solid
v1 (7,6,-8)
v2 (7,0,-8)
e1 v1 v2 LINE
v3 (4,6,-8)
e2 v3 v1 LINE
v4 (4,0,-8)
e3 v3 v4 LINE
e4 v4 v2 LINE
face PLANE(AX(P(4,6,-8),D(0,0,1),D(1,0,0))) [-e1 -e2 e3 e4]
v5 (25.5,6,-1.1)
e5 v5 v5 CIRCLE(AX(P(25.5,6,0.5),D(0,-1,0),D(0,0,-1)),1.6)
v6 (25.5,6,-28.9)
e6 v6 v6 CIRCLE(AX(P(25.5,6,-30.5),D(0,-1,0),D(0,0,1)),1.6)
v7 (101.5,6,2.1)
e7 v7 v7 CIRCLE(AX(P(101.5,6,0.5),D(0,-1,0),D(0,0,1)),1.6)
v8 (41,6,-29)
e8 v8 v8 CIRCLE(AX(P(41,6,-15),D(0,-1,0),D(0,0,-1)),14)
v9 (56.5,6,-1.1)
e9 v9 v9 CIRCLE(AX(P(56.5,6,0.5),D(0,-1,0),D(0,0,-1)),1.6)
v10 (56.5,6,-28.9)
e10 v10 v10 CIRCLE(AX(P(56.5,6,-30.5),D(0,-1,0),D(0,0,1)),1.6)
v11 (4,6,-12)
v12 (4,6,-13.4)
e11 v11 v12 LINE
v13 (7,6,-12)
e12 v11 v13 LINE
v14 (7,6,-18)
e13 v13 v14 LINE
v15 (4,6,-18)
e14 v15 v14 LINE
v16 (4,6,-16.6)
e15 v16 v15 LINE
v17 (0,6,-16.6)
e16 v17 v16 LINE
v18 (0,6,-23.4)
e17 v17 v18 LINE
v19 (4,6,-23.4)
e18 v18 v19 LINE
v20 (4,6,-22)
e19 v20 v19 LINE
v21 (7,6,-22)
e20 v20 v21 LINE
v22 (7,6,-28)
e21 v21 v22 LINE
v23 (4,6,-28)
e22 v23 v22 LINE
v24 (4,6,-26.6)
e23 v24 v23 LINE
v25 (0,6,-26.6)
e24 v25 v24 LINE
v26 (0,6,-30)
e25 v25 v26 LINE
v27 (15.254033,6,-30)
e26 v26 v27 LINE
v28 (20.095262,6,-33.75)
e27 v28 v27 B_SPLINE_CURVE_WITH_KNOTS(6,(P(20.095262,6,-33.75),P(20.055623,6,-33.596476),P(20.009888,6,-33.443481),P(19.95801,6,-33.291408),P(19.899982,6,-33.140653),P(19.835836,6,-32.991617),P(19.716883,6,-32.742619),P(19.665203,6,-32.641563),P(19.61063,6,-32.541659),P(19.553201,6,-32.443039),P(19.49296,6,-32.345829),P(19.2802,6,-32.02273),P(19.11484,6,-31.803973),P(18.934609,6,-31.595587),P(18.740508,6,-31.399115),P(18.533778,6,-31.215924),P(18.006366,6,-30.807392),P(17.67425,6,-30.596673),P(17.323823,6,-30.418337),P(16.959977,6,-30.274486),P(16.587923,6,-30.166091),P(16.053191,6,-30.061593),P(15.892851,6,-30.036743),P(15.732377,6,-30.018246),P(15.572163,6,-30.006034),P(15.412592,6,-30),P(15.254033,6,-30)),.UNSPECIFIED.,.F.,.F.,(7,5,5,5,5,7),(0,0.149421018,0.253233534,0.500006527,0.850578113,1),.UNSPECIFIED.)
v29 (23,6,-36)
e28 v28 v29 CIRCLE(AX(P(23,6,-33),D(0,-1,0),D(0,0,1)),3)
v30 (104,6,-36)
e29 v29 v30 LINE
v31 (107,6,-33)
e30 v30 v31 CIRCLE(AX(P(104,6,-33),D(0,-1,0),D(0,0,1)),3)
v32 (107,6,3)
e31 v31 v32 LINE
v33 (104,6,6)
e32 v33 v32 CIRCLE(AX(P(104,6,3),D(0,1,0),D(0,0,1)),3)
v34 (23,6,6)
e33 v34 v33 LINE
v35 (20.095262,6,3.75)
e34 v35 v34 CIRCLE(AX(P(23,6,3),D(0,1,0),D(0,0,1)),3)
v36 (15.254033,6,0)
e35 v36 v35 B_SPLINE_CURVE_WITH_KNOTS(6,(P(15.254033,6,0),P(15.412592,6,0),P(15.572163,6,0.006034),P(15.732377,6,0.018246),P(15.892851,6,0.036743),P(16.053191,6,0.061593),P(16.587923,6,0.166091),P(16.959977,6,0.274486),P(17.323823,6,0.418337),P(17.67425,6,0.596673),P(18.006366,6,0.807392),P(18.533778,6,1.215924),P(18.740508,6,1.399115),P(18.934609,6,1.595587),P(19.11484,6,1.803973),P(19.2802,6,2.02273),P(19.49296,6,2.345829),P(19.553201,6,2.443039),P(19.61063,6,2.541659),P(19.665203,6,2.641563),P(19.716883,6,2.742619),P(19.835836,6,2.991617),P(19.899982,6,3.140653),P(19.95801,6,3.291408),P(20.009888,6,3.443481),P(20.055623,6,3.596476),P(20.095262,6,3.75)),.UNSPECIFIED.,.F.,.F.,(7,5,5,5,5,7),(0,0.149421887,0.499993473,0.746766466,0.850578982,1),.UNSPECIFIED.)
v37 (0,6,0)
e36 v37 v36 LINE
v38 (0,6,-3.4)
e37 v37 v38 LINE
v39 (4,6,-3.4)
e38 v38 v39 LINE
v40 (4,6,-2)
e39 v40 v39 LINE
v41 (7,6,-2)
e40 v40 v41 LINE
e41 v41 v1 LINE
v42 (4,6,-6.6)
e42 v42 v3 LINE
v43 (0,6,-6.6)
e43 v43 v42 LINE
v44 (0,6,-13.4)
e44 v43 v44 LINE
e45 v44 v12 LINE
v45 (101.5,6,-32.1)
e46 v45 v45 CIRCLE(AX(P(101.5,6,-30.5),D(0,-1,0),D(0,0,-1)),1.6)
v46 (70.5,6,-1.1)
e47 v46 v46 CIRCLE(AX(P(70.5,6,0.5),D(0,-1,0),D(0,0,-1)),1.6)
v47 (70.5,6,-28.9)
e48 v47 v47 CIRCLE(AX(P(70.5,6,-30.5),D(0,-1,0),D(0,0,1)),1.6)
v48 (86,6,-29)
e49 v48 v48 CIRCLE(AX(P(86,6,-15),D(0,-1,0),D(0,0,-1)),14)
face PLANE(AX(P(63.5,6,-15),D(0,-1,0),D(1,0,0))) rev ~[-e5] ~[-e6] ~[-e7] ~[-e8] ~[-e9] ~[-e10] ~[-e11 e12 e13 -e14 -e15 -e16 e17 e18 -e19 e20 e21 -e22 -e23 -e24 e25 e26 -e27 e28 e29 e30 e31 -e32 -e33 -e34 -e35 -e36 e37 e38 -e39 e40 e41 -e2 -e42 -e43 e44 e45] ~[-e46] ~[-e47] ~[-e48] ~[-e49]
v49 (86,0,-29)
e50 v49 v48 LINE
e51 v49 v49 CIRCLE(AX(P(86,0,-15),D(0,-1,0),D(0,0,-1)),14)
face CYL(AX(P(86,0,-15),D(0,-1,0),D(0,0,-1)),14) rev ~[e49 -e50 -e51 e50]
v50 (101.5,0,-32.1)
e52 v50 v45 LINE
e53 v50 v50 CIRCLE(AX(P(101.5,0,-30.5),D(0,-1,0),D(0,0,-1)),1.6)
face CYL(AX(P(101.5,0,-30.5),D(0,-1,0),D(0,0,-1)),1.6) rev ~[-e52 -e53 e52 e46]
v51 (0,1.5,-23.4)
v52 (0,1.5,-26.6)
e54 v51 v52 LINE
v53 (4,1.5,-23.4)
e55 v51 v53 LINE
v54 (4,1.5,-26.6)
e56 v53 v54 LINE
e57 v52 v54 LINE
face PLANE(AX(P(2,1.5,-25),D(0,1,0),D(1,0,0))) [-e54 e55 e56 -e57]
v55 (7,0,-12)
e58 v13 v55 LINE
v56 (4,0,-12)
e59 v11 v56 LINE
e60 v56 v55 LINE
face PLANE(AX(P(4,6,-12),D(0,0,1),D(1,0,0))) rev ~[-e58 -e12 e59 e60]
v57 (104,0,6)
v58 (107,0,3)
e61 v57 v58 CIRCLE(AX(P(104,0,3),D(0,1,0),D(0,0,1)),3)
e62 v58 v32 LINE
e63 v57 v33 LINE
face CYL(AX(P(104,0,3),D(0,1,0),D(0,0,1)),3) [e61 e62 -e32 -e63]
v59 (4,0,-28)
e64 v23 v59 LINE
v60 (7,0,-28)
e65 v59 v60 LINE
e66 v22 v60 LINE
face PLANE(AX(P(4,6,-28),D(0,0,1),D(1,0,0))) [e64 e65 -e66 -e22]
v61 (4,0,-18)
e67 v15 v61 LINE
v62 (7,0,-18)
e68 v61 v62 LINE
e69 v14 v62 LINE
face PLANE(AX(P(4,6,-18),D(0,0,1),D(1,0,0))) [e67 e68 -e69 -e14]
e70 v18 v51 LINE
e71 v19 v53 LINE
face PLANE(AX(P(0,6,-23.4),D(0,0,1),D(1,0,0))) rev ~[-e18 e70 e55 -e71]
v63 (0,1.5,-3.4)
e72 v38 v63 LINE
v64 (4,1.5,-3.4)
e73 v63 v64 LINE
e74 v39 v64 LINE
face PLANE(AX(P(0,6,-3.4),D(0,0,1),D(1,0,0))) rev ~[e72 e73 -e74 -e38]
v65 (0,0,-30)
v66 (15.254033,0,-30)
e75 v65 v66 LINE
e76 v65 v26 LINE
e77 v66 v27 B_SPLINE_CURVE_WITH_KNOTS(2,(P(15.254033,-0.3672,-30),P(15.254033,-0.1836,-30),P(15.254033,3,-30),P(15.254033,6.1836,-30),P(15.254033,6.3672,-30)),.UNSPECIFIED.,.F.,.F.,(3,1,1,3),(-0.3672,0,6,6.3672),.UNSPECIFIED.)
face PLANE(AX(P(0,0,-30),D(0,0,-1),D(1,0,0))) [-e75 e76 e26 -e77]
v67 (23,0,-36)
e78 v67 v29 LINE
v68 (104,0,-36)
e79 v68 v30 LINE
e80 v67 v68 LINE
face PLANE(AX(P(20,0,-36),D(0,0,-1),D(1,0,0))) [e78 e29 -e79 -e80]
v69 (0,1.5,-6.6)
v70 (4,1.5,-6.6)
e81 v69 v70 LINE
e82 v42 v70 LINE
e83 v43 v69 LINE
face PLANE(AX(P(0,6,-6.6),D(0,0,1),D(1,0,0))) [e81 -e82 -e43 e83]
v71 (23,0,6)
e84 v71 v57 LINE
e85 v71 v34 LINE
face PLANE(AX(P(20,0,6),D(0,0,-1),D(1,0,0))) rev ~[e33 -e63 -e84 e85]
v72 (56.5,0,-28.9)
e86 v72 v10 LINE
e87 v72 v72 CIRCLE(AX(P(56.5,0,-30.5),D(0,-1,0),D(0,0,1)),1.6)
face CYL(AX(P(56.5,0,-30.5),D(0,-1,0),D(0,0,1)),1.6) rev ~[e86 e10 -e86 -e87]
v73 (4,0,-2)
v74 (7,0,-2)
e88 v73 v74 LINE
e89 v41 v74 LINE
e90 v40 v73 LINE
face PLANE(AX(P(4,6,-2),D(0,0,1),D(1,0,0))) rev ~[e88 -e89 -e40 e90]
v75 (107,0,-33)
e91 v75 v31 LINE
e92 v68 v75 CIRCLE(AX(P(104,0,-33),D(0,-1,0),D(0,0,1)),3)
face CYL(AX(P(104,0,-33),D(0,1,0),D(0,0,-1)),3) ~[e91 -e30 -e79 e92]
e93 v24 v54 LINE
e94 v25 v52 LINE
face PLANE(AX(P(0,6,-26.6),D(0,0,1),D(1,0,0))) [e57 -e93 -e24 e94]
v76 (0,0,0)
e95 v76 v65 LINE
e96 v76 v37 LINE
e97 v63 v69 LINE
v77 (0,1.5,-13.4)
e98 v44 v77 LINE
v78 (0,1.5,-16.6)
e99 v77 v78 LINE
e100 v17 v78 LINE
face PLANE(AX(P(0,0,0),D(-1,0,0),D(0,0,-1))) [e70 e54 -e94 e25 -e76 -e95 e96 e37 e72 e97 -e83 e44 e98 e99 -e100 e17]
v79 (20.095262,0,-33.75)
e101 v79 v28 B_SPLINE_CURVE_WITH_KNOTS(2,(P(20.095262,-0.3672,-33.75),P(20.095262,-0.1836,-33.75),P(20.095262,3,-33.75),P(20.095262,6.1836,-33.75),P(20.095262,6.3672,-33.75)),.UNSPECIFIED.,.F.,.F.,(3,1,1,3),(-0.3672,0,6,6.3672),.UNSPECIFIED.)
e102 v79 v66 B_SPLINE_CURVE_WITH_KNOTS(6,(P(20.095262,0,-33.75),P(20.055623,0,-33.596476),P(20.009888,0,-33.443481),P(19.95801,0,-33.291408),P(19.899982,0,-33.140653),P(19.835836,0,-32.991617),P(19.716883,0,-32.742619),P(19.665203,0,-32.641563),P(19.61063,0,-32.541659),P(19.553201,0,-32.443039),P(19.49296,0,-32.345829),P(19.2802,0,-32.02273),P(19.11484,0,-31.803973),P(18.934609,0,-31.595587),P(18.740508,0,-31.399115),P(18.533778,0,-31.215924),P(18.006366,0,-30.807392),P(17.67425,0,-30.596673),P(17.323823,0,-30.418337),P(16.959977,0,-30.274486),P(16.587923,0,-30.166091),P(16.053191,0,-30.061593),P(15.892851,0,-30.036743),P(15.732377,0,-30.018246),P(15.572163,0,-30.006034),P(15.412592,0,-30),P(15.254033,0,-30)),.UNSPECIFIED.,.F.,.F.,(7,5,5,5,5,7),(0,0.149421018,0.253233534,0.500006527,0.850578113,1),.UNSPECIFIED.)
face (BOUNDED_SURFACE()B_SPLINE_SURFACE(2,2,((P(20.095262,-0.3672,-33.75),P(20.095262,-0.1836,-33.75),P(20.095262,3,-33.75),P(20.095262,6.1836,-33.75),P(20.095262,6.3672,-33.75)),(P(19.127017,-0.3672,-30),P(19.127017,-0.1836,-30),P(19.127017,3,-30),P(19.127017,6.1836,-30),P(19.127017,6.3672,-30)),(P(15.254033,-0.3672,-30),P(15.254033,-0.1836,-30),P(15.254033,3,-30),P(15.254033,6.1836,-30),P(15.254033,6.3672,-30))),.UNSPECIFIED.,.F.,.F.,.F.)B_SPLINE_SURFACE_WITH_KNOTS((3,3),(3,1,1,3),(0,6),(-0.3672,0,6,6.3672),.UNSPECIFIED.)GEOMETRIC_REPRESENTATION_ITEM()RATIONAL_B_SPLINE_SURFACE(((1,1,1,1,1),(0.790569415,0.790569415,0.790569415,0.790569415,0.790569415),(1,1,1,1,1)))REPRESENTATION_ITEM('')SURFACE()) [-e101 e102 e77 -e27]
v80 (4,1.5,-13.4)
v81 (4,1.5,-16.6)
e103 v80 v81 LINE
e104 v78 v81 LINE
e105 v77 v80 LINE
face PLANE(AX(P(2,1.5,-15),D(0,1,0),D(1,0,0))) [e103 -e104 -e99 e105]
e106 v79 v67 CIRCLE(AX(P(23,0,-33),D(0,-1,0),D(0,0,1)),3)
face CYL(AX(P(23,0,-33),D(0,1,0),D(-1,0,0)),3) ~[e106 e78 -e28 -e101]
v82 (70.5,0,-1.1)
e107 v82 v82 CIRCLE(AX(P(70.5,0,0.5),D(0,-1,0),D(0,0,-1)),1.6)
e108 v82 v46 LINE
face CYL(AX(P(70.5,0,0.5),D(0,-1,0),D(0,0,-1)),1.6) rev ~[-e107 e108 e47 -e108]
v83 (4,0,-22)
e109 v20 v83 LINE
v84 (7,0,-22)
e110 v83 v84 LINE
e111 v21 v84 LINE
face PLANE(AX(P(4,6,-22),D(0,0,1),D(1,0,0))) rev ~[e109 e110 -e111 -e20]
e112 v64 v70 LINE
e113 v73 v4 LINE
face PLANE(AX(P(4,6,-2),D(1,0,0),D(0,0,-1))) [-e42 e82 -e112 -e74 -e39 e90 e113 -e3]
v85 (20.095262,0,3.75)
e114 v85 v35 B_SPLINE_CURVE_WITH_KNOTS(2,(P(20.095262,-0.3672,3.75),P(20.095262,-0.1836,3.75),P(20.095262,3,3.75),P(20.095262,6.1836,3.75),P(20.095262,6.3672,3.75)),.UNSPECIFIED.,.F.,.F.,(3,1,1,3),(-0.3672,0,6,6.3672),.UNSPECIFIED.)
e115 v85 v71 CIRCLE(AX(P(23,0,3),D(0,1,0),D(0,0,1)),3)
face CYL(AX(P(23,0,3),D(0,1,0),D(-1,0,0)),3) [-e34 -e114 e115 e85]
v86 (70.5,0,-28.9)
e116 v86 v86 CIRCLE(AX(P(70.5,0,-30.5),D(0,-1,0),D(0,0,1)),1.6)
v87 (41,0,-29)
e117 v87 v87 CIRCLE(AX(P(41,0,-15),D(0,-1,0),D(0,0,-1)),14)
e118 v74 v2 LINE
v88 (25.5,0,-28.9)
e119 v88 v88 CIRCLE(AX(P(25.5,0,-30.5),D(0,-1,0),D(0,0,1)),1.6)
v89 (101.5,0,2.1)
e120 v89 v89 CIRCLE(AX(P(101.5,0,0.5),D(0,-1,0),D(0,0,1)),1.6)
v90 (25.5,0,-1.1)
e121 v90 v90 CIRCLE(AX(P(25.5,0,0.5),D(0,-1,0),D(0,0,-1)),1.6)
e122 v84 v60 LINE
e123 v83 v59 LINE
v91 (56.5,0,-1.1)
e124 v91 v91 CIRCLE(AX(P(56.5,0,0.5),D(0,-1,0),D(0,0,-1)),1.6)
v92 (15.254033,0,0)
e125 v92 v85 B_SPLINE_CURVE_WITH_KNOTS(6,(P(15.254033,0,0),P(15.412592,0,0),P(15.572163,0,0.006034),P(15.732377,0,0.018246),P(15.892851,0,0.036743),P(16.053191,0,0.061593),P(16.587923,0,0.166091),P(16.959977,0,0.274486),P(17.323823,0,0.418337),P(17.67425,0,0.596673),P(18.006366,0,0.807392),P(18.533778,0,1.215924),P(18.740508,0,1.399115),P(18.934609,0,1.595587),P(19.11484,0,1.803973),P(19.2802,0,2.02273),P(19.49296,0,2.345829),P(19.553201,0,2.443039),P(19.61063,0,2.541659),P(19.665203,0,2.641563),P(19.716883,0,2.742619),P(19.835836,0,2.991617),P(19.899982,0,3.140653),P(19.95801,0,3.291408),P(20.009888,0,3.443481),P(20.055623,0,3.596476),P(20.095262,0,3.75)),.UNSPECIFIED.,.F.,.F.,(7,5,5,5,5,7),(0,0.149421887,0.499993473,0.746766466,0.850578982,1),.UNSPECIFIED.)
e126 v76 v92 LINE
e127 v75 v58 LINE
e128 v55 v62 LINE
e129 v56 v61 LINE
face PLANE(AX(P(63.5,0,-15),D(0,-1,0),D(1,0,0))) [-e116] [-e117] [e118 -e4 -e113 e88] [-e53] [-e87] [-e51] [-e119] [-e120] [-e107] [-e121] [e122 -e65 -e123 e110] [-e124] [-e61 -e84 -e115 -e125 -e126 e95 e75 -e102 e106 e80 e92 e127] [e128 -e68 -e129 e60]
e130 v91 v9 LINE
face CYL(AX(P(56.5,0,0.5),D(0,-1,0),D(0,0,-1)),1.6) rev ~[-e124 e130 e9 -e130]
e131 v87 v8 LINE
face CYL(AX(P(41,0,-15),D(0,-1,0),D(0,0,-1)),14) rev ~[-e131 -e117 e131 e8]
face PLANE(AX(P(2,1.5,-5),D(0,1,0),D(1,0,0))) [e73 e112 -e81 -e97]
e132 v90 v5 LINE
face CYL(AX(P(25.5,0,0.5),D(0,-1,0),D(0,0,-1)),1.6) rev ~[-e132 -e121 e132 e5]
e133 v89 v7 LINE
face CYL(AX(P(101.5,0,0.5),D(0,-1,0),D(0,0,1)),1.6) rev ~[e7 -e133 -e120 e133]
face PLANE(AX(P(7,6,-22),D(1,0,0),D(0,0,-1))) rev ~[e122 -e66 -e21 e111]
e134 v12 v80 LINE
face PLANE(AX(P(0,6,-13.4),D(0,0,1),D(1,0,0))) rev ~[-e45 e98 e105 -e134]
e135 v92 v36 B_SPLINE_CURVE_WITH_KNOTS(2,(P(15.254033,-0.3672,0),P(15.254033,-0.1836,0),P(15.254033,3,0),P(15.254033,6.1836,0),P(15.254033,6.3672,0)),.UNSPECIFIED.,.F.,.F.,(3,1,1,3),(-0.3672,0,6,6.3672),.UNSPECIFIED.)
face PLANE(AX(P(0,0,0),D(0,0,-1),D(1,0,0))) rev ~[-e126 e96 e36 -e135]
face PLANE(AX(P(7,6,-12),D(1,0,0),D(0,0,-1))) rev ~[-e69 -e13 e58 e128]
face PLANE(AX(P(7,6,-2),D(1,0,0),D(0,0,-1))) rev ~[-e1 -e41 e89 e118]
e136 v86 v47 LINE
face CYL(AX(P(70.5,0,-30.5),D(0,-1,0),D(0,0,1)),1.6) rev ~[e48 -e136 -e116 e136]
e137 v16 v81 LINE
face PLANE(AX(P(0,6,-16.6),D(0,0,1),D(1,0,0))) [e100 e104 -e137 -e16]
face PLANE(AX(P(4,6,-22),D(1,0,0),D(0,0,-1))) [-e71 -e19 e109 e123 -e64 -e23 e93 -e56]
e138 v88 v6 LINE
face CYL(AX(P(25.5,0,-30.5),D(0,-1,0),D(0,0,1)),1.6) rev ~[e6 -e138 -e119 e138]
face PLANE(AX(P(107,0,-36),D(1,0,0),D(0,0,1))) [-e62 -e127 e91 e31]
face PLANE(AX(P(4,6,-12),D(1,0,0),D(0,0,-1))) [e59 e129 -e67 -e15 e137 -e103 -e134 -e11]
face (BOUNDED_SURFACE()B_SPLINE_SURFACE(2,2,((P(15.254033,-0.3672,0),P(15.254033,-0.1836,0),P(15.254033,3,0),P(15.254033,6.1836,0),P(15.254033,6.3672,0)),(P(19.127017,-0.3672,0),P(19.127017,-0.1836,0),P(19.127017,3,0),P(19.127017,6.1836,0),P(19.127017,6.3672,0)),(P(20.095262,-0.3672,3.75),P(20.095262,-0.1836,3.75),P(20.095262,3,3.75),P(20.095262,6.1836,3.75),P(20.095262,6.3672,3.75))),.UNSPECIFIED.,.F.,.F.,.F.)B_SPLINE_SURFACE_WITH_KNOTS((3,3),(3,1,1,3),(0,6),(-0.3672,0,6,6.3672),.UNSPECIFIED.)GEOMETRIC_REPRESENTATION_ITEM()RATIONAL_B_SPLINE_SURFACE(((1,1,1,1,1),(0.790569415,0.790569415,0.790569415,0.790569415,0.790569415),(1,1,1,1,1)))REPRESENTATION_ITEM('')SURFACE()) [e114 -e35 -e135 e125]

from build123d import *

# Parameters (mm, degrees)
SKETCH_1_W          = 20
SKETCH_1_H          = 30
EXTRUDE_1_DEPTH     = 6
SKETCH_2_W          = 4
SKETCH_2_H          = 3.2
CUT_EXTRUDE_1_DEPTH = 4.5
SKETCH_3_W          = 3
SKETCH_3_H          = 6
CUT_EXTRUDE_2_DEPTH = 14.5
SKETCH_4_W          = 87
SKETCH_4_H          = 42
SKETCH_4_R          = 1.6
SKETCH_4_R_2        = 14
EXTRUDE_2_DEPTH     = 6
FILLET_1_R          = 3
FILLET_2_R          = 5


with BuildPart() as part:
    # 草图1 → 凸台-拉伸1 (new body)
    with BuildSketch(Plane(origin=(0, 0, 0), x_dir=(1, 0, 0), z_dir=(0, 1, 0))):
        with Locations((10, 15)):
            Rectangle(SKETCH_1_W, SKETCH_1_H)
    extrude(amount=EXTRUDE_1_DEPTH)

    # 草图2 → 切除-拉伸1 (cut)
    with BuildSketch(Plane(origin=(0, 6, 0), x_dir=(1, 0, 0), z_dir=(0, 1, 0))):
        with Locations((2, 5)):
            Rectangle(SKETCH_2_W, SKETCH_2_H)
        with Locations((2, 15)):
            Rectangle(SKETCH_2_W, SKETCH_2_H)
        with Locations((2, 25)):
            Rectangle(SKETCH_2_W, SKETCH_2_H)
    extrude(amount=-CUT_EXTRUDE_1_DEPTH, mode=Mode.SUBTRACT)

    # 草图3 → 切除-拉伸2 (cut)
    with BuildSketch(Plane(origin=(0, 6, 0), x_dir=(1, 0, 0), z_dir=(0, 1, 0))):
        with Locations((5.5, 5)):
            Rectangle(SKETCH_3_W, SKETCH_3_H)
        with Locations((5.5, 15)):
            Rectangle(SKETCH_3_W, SKETCH_3_H)
        with Locations((5.5, 25)):
            Rectangle(SKETCH_3_W, SKETCH_3_H)
    extrude(amount=-CUT_EXTRUDE_2_DEPTH, mode=Mode.SUBTRACT)

    # 草图4 → 凸台-拉伸2 (add)
    with BuildSketch(Plane.XZ):
        with Locations((63.5, -15)):
            Rectangle(SKETCH_4_W, SKETCH_4_H)
        with Locations(Location((25.5, 0.5, 0), (0, 0, 270))):
            Circle(SKETCH_4_R, mode=Mode.SUBTRACT)
        with Locations(Location((25.5, -30.5, 0), (0, 0, 90))):
            Circle(SKETCH_4_R, mode=Mode.SUBTRACT)
        with Locations(Location((56.5, -30.5, 0), (0, 0, 90))):
            Circle(SKETCH_4_R, mode=Mode.SUBTRACT)
        with Locations(Location((56.5, 0.5, 0), (0, 0, 270))):
            Circle(SKETCH_4_R, mode=Mode.SUBTRACT)
        with Locations(Location((41, -15, 0), (0, 0, 270))):
            Circle(SKETCH_4_R_2, mode=Mode.SUBTRACT)
        with Locations(Location((86, -15, 0), (0, 0, 270))):
            Circle(SKETCH_4_R_2, mode=Mode.SUBTRACT)
        with Locations(Location((70.5, 0.5, 0), (0, 0, 270))):
            Circle(SKETCH_4_R, mode=Mode.SUBTRACT)
        with Locations(Location((101.5, 0.5, 0), (0, 0, 90))):
            Circle(SKETCH_4_R, mode=Mode.SUBTRACT)
        with Locations(Location((101.5, -30.5, 0), (0, 0, 270))):
            Circle(SKETCH_4_R, mode=Mode.SUBTRACT)
        with Locations(Location((70.5, -30.5, 0), (0, 0, 90))):
            Circle(SKETCH_4_R, mode=Mode.SUBTRACT)
    extrude(amount=-EXTRUDE_2_DEPTH)

    # 圆角1
    fillet_1_edges = [part.edges().sort_by_distance(p)[0] for p in [
        (20, 3, -36),
        (107, 3, 6),
        (107, 3, -36),
        (20, 3, 6),
    ]]
    fillet(fillet_1_edges, radius=FILLET_1_R)

    # 圆角2
    fillet_2_edges = [part.edges().sort_by_distance(p)[0] for p in [
        (20, 3, -30),
        (20, 3, 0),
    ]]
    fillet(fillet_2_edges, radius=FILLET_2_R)


solid = part.part
